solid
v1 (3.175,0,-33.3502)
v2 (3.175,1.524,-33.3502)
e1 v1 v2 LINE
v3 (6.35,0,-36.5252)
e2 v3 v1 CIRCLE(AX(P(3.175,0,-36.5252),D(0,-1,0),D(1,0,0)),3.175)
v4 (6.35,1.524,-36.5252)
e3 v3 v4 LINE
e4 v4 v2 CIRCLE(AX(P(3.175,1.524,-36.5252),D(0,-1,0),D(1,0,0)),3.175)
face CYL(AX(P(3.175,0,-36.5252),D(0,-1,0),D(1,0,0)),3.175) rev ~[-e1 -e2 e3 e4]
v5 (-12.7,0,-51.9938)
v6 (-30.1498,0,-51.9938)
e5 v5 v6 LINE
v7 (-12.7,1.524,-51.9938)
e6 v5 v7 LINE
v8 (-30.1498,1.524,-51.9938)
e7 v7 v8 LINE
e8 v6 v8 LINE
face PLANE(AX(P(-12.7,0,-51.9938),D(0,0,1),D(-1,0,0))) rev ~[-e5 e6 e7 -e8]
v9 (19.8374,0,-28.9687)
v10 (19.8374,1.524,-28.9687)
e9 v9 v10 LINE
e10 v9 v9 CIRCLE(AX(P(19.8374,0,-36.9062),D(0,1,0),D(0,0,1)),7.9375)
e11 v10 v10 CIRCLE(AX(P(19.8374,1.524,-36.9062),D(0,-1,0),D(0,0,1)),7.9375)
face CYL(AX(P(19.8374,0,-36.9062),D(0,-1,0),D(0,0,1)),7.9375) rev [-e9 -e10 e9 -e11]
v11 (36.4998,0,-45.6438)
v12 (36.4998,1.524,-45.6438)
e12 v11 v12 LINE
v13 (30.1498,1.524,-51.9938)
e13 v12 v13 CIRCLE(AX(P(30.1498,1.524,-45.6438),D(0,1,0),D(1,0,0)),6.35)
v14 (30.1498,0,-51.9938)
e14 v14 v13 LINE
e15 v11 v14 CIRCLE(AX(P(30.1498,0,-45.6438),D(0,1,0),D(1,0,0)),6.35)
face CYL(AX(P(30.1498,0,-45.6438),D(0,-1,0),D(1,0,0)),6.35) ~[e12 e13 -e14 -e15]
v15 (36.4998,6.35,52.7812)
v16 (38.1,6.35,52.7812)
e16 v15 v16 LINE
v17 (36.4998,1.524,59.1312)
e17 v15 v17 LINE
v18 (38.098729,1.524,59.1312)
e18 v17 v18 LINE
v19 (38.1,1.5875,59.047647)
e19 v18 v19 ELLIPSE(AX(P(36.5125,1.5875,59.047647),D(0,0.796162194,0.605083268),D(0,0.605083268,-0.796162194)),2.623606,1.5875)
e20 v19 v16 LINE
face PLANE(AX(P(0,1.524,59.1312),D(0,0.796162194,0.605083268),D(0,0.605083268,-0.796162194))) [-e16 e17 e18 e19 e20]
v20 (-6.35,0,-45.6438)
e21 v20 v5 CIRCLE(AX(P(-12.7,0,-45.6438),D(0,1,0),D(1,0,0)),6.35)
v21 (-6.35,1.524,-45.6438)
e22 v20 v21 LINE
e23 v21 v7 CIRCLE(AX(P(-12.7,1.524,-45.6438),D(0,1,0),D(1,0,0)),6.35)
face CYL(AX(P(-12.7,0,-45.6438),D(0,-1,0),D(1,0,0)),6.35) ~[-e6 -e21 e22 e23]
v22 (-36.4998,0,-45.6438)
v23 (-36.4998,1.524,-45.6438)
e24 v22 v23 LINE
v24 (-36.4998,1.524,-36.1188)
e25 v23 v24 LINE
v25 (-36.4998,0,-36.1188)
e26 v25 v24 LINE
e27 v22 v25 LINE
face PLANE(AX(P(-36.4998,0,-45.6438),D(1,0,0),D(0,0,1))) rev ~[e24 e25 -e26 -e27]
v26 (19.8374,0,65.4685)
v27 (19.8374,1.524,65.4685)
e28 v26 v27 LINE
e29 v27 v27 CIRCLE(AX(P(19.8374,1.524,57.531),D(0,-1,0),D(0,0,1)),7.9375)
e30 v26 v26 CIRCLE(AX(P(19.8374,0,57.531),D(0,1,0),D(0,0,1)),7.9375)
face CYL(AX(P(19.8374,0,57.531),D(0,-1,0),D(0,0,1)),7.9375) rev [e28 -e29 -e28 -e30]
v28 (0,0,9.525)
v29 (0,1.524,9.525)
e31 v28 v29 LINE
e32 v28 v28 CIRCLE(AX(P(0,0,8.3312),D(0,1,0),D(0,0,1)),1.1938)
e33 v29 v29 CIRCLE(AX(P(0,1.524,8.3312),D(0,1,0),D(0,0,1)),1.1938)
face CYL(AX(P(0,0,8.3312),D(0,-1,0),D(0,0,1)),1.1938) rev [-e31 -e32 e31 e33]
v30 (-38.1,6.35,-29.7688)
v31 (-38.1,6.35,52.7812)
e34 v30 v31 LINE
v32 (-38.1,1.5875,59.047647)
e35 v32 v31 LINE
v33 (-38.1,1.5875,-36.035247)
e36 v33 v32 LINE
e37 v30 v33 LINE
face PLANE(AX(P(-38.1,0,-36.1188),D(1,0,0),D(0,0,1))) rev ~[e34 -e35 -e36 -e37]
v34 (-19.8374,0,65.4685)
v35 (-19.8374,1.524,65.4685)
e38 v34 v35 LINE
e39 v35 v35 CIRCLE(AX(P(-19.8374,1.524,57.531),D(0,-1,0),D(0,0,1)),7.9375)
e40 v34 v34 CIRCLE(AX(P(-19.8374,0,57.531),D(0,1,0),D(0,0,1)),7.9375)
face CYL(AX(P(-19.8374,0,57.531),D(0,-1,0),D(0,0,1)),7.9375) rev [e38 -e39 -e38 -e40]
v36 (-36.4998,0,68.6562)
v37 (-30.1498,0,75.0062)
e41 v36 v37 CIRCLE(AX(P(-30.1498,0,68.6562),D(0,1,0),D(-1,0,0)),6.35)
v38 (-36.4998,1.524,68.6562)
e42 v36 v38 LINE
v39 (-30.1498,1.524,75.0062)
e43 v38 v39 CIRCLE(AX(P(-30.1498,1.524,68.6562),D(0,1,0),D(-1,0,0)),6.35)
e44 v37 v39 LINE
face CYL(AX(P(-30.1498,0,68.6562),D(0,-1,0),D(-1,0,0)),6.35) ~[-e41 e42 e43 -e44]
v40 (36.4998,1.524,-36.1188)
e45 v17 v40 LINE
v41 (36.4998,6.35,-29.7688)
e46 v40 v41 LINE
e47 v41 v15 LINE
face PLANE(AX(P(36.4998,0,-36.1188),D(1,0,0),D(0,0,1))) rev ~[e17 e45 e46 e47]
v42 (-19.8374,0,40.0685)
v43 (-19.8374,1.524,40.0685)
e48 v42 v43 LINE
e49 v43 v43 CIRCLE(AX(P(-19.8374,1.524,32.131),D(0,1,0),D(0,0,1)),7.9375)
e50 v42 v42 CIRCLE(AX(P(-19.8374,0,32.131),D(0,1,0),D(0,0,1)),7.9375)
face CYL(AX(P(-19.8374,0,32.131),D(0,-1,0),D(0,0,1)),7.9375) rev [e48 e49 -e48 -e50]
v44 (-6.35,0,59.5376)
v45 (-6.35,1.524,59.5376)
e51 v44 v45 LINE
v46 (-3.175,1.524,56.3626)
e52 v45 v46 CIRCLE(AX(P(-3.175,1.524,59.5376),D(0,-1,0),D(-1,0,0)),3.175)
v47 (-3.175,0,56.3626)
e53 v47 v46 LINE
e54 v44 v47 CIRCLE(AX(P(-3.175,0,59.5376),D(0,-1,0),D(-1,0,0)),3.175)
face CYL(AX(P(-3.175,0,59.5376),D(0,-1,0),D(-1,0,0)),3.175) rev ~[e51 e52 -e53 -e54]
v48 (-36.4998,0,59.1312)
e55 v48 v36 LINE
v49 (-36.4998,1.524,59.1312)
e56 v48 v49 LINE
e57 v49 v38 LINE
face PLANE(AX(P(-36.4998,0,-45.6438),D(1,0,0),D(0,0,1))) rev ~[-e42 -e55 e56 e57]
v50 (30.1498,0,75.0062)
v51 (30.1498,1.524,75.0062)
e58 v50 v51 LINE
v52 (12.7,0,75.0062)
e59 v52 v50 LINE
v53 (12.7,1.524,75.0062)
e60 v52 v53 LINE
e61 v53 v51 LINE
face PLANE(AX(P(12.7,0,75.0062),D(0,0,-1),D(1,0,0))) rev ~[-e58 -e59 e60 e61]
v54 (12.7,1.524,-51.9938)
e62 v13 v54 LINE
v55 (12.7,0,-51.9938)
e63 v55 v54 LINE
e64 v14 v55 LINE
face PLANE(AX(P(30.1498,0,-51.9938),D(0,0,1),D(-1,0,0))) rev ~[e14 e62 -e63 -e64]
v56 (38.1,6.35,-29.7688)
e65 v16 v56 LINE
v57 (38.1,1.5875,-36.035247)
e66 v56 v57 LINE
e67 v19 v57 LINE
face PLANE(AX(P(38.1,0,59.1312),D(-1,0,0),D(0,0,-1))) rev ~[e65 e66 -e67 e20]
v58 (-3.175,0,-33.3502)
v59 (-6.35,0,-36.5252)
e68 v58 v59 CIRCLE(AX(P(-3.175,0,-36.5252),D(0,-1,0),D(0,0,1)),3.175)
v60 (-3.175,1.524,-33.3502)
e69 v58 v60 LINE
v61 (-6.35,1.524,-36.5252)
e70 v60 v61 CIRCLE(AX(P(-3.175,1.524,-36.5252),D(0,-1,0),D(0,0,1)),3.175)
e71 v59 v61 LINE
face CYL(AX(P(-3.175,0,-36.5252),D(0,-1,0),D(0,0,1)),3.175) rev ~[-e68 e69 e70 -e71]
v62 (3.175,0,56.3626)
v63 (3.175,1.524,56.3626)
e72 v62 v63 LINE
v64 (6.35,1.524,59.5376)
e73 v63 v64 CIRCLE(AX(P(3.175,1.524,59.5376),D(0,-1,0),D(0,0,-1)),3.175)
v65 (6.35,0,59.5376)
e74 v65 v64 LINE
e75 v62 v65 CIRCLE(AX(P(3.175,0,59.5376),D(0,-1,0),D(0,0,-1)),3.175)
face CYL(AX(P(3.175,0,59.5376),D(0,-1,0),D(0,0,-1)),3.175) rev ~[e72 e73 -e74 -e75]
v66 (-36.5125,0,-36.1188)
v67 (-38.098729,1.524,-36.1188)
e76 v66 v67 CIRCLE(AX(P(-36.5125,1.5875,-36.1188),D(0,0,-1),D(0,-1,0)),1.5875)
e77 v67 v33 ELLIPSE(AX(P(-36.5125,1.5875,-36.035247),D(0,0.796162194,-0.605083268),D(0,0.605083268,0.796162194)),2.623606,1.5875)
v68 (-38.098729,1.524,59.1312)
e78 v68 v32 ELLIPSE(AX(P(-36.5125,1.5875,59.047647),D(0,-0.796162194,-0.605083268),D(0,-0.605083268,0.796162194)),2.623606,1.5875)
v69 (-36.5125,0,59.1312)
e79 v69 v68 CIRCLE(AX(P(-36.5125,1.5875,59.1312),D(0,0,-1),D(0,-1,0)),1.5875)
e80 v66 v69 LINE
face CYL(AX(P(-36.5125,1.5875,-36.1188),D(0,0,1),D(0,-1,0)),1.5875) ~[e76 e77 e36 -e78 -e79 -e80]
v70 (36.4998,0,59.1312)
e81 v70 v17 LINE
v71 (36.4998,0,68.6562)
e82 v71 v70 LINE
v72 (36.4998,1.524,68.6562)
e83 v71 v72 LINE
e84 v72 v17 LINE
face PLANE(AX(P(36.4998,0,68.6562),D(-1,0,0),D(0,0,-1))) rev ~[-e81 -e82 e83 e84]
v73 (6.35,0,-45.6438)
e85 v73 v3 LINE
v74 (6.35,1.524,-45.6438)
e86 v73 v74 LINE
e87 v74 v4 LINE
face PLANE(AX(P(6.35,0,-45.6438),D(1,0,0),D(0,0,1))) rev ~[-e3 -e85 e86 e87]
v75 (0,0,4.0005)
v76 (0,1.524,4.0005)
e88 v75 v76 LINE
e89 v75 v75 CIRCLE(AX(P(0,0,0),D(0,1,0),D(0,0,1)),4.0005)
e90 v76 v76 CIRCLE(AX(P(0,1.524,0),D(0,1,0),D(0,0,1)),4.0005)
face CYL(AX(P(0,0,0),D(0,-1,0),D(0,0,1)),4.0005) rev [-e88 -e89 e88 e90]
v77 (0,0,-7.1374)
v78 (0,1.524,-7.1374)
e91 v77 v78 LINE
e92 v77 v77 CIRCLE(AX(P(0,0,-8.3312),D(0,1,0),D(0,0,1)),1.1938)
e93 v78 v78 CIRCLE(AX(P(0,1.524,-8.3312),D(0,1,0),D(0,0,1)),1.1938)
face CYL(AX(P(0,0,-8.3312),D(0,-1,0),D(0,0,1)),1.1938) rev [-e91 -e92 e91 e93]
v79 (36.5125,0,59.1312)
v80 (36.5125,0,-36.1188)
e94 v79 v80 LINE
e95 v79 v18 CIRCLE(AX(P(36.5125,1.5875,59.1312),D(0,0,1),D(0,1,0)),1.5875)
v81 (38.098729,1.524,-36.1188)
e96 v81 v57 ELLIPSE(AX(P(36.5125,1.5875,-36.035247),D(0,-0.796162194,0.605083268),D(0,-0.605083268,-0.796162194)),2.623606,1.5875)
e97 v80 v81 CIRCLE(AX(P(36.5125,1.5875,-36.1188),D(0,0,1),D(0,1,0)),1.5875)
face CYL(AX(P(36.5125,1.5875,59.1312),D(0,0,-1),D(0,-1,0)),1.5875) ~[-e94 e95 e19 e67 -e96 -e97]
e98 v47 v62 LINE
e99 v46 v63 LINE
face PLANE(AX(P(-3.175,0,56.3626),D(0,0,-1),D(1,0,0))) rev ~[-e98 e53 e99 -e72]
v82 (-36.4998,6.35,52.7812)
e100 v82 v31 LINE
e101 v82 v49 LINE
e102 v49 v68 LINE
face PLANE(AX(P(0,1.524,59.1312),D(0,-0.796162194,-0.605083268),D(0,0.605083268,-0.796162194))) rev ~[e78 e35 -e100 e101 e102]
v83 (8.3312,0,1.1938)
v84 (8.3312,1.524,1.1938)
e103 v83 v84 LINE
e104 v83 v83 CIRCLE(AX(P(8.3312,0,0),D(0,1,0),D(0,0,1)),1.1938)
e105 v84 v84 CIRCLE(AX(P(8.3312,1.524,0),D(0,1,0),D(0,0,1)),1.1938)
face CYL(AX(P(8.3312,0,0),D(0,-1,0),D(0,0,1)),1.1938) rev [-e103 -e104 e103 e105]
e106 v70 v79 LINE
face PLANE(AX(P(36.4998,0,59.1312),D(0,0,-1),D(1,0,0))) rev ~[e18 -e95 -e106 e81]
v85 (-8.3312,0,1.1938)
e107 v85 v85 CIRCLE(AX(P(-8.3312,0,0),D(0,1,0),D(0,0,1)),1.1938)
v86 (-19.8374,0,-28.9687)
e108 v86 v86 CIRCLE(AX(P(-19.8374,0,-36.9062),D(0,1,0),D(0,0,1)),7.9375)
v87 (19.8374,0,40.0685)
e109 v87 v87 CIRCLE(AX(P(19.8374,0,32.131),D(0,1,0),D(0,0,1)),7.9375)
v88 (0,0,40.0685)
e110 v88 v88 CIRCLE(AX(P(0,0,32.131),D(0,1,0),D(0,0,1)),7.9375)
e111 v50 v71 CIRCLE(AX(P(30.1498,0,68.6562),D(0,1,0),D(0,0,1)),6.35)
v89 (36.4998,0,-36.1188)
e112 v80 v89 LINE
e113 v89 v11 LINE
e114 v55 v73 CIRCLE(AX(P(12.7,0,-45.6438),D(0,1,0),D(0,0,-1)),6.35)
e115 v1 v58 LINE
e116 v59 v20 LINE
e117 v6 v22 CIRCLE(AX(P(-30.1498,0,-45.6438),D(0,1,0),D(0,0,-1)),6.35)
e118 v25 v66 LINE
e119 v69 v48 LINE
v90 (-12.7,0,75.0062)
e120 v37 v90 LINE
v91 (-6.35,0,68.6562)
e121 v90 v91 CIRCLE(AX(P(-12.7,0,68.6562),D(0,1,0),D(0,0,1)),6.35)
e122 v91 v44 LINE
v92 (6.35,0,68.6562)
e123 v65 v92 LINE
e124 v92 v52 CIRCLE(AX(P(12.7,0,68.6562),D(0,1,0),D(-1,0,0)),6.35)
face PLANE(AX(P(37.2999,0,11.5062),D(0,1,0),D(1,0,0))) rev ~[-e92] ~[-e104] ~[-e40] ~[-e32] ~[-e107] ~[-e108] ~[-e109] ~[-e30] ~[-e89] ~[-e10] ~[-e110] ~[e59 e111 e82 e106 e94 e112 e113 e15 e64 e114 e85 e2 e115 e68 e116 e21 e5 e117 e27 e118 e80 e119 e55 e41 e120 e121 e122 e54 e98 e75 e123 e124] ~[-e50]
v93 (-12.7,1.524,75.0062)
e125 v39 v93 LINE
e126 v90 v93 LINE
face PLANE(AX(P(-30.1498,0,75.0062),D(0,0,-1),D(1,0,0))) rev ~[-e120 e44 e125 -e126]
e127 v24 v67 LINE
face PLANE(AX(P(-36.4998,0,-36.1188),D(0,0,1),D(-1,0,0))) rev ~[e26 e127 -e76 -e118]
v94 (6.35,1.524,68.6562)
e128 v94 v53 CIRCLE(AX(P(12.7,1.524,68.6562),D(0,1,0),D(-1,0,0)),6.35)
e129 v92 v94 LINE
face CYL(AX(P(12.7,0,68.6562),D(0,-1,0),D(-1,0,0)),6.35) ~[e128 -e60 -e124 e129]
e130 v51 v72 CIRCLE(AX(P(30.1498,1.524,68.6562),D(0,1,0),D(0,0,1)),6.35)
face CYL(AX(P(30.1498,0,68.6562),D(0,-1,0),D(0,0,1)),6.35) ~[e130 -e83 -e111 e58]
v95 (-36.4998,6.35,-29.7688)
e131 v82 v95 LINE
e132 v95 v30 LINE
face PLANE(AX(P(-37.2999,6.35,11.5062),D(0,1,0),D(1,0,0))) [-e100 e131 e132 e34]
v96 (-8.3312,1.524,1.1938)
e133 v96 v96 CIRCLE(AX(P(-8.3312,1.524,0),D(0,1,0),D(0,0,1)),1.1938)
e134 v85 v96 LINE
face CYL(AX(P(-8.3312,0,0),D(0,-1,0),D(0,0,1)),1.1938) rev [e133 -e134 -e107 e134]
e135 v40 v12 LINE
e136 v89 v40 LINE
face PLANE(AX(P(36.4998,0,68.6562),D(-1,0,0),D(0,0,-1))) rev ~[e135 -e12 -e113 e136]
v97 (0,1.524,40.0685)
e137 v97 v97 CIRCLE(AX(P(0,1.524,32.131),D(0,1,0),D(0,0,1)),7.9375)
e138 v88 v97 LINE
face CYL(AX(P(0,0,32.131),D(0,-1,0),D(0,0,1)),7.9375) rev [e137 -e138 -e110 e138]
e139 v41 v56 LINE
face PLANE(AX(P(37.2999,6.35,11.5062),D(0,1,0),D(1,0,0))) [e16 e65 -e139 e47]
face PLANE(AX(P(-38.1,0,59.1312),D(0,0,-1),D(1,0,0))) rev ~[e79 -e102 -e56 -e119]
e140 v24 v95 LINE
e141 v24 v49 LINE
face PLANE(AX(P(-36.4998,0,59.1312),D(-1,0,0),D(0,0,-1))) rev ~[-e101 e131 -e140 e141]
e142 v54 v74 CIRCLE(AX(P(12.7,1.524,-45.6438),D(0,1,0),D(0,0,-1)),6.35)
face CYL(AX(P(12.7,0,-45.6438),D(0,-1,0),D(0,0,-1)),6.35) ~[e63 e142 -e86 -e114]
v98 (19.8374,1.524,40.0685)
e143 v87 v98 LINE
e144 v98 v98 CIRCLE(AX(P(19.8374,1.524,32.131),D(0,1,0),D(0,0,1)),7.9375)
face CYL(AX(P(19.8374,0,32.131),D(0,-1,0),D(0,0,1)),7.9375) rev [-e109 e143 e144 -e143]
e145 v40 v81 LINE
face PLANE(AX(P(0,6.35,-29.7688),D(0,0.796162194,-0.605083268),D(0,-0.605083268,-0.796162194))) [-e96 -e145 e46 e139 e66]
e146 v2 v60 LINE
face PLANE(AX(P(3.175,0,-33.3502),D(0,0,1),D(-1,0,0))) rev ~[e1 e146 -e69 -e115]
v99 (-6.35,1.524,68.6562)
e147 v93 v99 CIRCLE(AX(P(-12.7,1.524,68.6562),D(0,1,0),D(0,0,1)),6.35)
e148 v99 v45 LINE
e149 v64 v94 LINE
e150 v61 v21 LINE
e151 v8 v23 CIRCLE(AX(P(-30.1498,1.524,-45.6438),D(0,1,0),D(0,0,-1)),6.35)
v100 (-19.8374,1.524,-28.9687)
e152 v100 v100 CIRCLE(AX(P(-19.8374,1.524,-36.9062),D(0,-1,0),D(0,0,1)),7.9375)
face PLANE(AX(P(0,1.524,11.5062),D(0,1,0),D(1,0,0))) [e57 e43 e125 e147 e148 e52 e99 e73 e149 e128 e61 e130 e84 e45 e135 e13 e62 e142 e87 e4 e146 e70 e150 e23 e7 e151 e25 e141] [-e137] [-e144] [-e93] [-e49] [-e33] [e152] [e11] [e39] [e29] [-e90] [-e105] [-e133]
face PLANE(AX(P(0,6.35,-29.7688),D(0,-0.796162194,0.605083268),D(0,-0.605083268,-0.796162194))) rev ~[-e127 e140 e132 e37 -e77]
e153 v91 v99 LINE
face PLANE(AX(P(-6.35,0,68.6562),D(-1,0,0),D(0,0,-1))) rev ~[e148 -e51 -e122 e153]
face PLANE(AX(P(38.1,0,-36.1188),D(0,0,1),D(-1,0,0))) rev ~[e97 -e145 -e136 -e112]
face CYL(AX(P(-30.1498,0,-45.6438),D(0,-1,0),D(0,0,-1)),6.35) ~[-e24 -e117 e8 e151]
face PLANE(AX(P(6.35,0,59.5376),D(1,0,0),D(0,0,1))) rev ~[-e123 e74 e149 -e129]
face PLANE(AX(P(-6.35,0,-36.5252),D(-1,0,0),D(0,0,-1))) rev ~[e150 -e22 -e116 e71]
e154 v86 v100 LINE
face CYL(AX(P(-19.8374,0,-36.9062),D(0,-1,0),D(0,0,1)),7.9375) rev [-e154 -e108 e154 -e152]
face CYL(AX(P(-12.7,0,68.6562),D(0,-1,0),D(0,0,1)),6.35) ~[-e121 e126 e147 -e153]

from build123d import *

# Parameters (mm, degrees)
SKETCH1_R               = 7.9375
SKETCH1_R_2             = 4.0005
SKETCH1_R_3             = 1.1938
EXTRUDE1_DEPTH          = 1.524
EXTRUDE2_DEPTH          = 6.35
CUT_EXTRUDE1_DEPTH      = 39.1
CUT_EXTRUDE1_DEPTH_BACK = 39.1
FILLET1_R               = 1.5875


with BuildPart() as part:
    # Sketch1 → Extrude1 (new body)
    with BuildSketch(Plane(origin=(0, 0, 0), x_dir=(1, 0, 0), z_dir=(0, 1, 0))):
        with BuildLine():
            Line((36.4998, -62.3062), (36.4998, 36.1188))
            Line((36.4998, 36.1188), (36.4998, 39.2938))
            Line((36.4998, 39.2938), (36.4998, 45.6438))
            ThreePointArc((36.4998, 45.6438), (34.639928061, 50.133928061), (30.1498, 51.9938))
            Line((30.1498, 51.9938), (23.7998, 51.9938))
            Line((23.7998, 51.9938), (12.7, 51.9938))
            ThreePointArc((12.7, 51.9938), (8.209871939, 50.133928061), (6.35, 45.6438))
            Line((6.35, 45.6438), (6.35, 36.5252))
            ThreePointArc((6.35, 36.5252), (5.42006403, 34.28013597), (3.175, 33.3502))
            Line((3.175, 33.3502), (-3.175, 33.3502))
            ThreePointArc((-3.175, 33.3502), (-5.42006403, 34.28013597), (-6.35, 36.5252))
            Line((-6.35, 36.5252), (-6.35, 45.6438))
            ThreePointArc((-6.35, 45.6438), (-8.209871939, 50.133928061), (-12.7, 51.9938))
            Line((-12.7, 51.9938), (-23.7998, 51.9938))
            Line((-23.7998, 51.9938), (-30.1498, 51.9938))
            ThreePointArc((-30.1498, 51.9938), (-34.639928061, 50.133928061), (-36.4998, 45.6438))
            Line((-36.4998, 45.6438), (-36.4998, 39.2938))
            Line((-36.4998, 39.2938), (-36.4998, 36.1188))
            Line((-36.4998, 36.1188), (-36.4998, -62.3062))
            Line((-36.4998, -62.3062), (-36.4998, -68.6562))
            ThreePointArc((-36.4998, -68.6562), (-34.639928061, -73.146328061), (-30.1498, -75.0062))
            Line((-30.1498, -75.0062), (-23.7998, -75.0062))
            Line((-23.7998, -75.0062), (-12.7, -75.0062))
            ThreePointArc((-12.7, -75.0062), (-8.209871939, -73.146328061), (-6.35, -68.6562))
            Line((-6.35, -68.6562), (-6.35, -59.5376))
            ThreePointArc((-6.35, -59.5376), (-5.42006403, -57.29253597), (-3.175, -56.3626))
            Line((-3.175, -56.3626), (3.175, -56.3626))
            ThreePointArc((3.175, -56.3626), (5.42006403, -57.29253597), (6.35, -59.5376))
            Line((6.35, -59.5376), (6.35, -68.6562))
            ThreePointArc((6.35, -68.6562), (8.209871939, -73.146328061), (12.7, -75.0062))
            Line((12.7, -75.0062), (23.7998, -75.0062))
            Line((23.7998, -75.0062), (30.1498, -75.0062))
            ThreePointArc((30.1498, -75.0062), (34.639928061, -73.146328061), (36.4998, -68.6562))
            Line((36.4998, -68.6562), (36.4998, -62.3062))
        make_face()
        with Locations(Location((19.8374, -57.531, 0), (0, 0, 270))):  # turned: the seam where the file's is
            Circle(SKETCH1_R, mode=Mode.SUBTRACT)
        with Locations(Location((19.8374, -32.131, 0), (0, 0, 270))):  # turned: the seam where the file's is
            Circle(SKETCH1_R, mode=Mode.SUBTRACT)
        with Locations(Location((0, 0, 0), (0, 0, 270))):  # turned: the seam where the file's is
            Circle(SKETCH1_R_2, mode=Mode.SUBTRACT)
        with Locations(Location((8.3312, 0, 0), (0, 0, 270))):  # turned: the seam where the file's is
            Circle(SKETCH1_R_3, mode=Mode.SUBTRACT)
        with Locations(Location((0, -8.3312, 0), (0, 0, 270))):  # turned: the seam where the file's is
            Circle(SKETCH1_R_3, mode=Mode.SUBTRACT)
        with Locations(Location((0, 8.3312, 0), (0, 0, 270))):  # turned: the seam where the file's is
            Circle(SKETCH1_R_3, mode=Mode.SUBTRACT)
        with Locations(Location((-8.3312, 0, 0), (0, 0, 270))):  # turned: the seam where the file's is
            Circle(SKETCH1_R_3, mode=Mode.SUBTRACT)
        with Locations(Location((19.8374, 36.9062, 0), (0, 0, 270))):  # turned: the seam where the file's is
            Circle(SKETCH1_R, mode=Mode.SUBTRACT)
        with Locations(Location((0, -32.131, 0), (0, 0, 270))):  # turned: the seam where the file's is
            Circle(SKETCH1_R, mode=Mode.SUBTRACT)
        with Locations(Location((-19.8374, 36.9062, 0), (0, 0, 270))):  # turned: the seam where the file's is
            Circle(SKETCH1_R, mode=Mode.SUBTRACT)
        with Locations(Location((-19.8374, -32.131, 0), (0, 0, 270))):  # turned: the seam where the file's is
            Circle(SKETCH1_R, mode=Mode.SUBTRACT)
        with Locations(Location((-19.8374, -57.531, 0), (0, 0, 270))):  # turned: the seam where the file's is
            Circle(SKETCH1_R, mode=Mode.SUBTRACT)
    extrude(amount=EXTRUDE1_DEPTH)

    # Sketch1_3 → Extrude2 (add)
    with BuildSketch(Plane(origin=(0, 0, 0), x_dir=(1, 0, 0), z_dir=(0, 1, 0))):
        Polygon((36.4998, 36.1188), (36.4998, -59.1312), (38.1, -59.1312), (38.1, 29.7688), (38.1, 36.1188), align=None)
        Polygon((-38.1, -59.1312), (-36.4998, -59.1312), (-36.4998, 36.1188), (-38.1, 36.1188), (-38.1, 29.7688), align=None)
    extrude(amount=EXTRUDE2_DEPTH)

    # Sketch2 → Cut-Extrude1 (cut, two sides)
    with BuildSketch(Plane(origin=(0, 0, 0), x_dir=(0, 0, -1), z_dir=(1, 0, 0))) as cut_extrude1_sk:
        Polygon((-59.1312, 6.35), (-59.1312, 1.524), (-52.7812, 6.35), align=None)
        Polygon((36.1188, 6.35), (29.7688, 6.35), (36.1188, 1.524), align=None)
    extrude(amount=CUT_EXTRUDE1_DEPTH, mode=Mode.SUBTRACT)
    extrude(cut_extrude1_sk.sketch, amount=-CUT_EXTRUDE1_DEPTH_BACK, mode=Mode.SUBTRACT)

    # Fillet1
    fillet1_edges = [part.edges().sort_by_distance(p)[0] for p in [
        (38.1, 0, 11.5062),
        (-38.1, 0, 11.5062),
    ]]
    fillet(fillet1_edges, radius=FILLET1_R)


solid = part.part
